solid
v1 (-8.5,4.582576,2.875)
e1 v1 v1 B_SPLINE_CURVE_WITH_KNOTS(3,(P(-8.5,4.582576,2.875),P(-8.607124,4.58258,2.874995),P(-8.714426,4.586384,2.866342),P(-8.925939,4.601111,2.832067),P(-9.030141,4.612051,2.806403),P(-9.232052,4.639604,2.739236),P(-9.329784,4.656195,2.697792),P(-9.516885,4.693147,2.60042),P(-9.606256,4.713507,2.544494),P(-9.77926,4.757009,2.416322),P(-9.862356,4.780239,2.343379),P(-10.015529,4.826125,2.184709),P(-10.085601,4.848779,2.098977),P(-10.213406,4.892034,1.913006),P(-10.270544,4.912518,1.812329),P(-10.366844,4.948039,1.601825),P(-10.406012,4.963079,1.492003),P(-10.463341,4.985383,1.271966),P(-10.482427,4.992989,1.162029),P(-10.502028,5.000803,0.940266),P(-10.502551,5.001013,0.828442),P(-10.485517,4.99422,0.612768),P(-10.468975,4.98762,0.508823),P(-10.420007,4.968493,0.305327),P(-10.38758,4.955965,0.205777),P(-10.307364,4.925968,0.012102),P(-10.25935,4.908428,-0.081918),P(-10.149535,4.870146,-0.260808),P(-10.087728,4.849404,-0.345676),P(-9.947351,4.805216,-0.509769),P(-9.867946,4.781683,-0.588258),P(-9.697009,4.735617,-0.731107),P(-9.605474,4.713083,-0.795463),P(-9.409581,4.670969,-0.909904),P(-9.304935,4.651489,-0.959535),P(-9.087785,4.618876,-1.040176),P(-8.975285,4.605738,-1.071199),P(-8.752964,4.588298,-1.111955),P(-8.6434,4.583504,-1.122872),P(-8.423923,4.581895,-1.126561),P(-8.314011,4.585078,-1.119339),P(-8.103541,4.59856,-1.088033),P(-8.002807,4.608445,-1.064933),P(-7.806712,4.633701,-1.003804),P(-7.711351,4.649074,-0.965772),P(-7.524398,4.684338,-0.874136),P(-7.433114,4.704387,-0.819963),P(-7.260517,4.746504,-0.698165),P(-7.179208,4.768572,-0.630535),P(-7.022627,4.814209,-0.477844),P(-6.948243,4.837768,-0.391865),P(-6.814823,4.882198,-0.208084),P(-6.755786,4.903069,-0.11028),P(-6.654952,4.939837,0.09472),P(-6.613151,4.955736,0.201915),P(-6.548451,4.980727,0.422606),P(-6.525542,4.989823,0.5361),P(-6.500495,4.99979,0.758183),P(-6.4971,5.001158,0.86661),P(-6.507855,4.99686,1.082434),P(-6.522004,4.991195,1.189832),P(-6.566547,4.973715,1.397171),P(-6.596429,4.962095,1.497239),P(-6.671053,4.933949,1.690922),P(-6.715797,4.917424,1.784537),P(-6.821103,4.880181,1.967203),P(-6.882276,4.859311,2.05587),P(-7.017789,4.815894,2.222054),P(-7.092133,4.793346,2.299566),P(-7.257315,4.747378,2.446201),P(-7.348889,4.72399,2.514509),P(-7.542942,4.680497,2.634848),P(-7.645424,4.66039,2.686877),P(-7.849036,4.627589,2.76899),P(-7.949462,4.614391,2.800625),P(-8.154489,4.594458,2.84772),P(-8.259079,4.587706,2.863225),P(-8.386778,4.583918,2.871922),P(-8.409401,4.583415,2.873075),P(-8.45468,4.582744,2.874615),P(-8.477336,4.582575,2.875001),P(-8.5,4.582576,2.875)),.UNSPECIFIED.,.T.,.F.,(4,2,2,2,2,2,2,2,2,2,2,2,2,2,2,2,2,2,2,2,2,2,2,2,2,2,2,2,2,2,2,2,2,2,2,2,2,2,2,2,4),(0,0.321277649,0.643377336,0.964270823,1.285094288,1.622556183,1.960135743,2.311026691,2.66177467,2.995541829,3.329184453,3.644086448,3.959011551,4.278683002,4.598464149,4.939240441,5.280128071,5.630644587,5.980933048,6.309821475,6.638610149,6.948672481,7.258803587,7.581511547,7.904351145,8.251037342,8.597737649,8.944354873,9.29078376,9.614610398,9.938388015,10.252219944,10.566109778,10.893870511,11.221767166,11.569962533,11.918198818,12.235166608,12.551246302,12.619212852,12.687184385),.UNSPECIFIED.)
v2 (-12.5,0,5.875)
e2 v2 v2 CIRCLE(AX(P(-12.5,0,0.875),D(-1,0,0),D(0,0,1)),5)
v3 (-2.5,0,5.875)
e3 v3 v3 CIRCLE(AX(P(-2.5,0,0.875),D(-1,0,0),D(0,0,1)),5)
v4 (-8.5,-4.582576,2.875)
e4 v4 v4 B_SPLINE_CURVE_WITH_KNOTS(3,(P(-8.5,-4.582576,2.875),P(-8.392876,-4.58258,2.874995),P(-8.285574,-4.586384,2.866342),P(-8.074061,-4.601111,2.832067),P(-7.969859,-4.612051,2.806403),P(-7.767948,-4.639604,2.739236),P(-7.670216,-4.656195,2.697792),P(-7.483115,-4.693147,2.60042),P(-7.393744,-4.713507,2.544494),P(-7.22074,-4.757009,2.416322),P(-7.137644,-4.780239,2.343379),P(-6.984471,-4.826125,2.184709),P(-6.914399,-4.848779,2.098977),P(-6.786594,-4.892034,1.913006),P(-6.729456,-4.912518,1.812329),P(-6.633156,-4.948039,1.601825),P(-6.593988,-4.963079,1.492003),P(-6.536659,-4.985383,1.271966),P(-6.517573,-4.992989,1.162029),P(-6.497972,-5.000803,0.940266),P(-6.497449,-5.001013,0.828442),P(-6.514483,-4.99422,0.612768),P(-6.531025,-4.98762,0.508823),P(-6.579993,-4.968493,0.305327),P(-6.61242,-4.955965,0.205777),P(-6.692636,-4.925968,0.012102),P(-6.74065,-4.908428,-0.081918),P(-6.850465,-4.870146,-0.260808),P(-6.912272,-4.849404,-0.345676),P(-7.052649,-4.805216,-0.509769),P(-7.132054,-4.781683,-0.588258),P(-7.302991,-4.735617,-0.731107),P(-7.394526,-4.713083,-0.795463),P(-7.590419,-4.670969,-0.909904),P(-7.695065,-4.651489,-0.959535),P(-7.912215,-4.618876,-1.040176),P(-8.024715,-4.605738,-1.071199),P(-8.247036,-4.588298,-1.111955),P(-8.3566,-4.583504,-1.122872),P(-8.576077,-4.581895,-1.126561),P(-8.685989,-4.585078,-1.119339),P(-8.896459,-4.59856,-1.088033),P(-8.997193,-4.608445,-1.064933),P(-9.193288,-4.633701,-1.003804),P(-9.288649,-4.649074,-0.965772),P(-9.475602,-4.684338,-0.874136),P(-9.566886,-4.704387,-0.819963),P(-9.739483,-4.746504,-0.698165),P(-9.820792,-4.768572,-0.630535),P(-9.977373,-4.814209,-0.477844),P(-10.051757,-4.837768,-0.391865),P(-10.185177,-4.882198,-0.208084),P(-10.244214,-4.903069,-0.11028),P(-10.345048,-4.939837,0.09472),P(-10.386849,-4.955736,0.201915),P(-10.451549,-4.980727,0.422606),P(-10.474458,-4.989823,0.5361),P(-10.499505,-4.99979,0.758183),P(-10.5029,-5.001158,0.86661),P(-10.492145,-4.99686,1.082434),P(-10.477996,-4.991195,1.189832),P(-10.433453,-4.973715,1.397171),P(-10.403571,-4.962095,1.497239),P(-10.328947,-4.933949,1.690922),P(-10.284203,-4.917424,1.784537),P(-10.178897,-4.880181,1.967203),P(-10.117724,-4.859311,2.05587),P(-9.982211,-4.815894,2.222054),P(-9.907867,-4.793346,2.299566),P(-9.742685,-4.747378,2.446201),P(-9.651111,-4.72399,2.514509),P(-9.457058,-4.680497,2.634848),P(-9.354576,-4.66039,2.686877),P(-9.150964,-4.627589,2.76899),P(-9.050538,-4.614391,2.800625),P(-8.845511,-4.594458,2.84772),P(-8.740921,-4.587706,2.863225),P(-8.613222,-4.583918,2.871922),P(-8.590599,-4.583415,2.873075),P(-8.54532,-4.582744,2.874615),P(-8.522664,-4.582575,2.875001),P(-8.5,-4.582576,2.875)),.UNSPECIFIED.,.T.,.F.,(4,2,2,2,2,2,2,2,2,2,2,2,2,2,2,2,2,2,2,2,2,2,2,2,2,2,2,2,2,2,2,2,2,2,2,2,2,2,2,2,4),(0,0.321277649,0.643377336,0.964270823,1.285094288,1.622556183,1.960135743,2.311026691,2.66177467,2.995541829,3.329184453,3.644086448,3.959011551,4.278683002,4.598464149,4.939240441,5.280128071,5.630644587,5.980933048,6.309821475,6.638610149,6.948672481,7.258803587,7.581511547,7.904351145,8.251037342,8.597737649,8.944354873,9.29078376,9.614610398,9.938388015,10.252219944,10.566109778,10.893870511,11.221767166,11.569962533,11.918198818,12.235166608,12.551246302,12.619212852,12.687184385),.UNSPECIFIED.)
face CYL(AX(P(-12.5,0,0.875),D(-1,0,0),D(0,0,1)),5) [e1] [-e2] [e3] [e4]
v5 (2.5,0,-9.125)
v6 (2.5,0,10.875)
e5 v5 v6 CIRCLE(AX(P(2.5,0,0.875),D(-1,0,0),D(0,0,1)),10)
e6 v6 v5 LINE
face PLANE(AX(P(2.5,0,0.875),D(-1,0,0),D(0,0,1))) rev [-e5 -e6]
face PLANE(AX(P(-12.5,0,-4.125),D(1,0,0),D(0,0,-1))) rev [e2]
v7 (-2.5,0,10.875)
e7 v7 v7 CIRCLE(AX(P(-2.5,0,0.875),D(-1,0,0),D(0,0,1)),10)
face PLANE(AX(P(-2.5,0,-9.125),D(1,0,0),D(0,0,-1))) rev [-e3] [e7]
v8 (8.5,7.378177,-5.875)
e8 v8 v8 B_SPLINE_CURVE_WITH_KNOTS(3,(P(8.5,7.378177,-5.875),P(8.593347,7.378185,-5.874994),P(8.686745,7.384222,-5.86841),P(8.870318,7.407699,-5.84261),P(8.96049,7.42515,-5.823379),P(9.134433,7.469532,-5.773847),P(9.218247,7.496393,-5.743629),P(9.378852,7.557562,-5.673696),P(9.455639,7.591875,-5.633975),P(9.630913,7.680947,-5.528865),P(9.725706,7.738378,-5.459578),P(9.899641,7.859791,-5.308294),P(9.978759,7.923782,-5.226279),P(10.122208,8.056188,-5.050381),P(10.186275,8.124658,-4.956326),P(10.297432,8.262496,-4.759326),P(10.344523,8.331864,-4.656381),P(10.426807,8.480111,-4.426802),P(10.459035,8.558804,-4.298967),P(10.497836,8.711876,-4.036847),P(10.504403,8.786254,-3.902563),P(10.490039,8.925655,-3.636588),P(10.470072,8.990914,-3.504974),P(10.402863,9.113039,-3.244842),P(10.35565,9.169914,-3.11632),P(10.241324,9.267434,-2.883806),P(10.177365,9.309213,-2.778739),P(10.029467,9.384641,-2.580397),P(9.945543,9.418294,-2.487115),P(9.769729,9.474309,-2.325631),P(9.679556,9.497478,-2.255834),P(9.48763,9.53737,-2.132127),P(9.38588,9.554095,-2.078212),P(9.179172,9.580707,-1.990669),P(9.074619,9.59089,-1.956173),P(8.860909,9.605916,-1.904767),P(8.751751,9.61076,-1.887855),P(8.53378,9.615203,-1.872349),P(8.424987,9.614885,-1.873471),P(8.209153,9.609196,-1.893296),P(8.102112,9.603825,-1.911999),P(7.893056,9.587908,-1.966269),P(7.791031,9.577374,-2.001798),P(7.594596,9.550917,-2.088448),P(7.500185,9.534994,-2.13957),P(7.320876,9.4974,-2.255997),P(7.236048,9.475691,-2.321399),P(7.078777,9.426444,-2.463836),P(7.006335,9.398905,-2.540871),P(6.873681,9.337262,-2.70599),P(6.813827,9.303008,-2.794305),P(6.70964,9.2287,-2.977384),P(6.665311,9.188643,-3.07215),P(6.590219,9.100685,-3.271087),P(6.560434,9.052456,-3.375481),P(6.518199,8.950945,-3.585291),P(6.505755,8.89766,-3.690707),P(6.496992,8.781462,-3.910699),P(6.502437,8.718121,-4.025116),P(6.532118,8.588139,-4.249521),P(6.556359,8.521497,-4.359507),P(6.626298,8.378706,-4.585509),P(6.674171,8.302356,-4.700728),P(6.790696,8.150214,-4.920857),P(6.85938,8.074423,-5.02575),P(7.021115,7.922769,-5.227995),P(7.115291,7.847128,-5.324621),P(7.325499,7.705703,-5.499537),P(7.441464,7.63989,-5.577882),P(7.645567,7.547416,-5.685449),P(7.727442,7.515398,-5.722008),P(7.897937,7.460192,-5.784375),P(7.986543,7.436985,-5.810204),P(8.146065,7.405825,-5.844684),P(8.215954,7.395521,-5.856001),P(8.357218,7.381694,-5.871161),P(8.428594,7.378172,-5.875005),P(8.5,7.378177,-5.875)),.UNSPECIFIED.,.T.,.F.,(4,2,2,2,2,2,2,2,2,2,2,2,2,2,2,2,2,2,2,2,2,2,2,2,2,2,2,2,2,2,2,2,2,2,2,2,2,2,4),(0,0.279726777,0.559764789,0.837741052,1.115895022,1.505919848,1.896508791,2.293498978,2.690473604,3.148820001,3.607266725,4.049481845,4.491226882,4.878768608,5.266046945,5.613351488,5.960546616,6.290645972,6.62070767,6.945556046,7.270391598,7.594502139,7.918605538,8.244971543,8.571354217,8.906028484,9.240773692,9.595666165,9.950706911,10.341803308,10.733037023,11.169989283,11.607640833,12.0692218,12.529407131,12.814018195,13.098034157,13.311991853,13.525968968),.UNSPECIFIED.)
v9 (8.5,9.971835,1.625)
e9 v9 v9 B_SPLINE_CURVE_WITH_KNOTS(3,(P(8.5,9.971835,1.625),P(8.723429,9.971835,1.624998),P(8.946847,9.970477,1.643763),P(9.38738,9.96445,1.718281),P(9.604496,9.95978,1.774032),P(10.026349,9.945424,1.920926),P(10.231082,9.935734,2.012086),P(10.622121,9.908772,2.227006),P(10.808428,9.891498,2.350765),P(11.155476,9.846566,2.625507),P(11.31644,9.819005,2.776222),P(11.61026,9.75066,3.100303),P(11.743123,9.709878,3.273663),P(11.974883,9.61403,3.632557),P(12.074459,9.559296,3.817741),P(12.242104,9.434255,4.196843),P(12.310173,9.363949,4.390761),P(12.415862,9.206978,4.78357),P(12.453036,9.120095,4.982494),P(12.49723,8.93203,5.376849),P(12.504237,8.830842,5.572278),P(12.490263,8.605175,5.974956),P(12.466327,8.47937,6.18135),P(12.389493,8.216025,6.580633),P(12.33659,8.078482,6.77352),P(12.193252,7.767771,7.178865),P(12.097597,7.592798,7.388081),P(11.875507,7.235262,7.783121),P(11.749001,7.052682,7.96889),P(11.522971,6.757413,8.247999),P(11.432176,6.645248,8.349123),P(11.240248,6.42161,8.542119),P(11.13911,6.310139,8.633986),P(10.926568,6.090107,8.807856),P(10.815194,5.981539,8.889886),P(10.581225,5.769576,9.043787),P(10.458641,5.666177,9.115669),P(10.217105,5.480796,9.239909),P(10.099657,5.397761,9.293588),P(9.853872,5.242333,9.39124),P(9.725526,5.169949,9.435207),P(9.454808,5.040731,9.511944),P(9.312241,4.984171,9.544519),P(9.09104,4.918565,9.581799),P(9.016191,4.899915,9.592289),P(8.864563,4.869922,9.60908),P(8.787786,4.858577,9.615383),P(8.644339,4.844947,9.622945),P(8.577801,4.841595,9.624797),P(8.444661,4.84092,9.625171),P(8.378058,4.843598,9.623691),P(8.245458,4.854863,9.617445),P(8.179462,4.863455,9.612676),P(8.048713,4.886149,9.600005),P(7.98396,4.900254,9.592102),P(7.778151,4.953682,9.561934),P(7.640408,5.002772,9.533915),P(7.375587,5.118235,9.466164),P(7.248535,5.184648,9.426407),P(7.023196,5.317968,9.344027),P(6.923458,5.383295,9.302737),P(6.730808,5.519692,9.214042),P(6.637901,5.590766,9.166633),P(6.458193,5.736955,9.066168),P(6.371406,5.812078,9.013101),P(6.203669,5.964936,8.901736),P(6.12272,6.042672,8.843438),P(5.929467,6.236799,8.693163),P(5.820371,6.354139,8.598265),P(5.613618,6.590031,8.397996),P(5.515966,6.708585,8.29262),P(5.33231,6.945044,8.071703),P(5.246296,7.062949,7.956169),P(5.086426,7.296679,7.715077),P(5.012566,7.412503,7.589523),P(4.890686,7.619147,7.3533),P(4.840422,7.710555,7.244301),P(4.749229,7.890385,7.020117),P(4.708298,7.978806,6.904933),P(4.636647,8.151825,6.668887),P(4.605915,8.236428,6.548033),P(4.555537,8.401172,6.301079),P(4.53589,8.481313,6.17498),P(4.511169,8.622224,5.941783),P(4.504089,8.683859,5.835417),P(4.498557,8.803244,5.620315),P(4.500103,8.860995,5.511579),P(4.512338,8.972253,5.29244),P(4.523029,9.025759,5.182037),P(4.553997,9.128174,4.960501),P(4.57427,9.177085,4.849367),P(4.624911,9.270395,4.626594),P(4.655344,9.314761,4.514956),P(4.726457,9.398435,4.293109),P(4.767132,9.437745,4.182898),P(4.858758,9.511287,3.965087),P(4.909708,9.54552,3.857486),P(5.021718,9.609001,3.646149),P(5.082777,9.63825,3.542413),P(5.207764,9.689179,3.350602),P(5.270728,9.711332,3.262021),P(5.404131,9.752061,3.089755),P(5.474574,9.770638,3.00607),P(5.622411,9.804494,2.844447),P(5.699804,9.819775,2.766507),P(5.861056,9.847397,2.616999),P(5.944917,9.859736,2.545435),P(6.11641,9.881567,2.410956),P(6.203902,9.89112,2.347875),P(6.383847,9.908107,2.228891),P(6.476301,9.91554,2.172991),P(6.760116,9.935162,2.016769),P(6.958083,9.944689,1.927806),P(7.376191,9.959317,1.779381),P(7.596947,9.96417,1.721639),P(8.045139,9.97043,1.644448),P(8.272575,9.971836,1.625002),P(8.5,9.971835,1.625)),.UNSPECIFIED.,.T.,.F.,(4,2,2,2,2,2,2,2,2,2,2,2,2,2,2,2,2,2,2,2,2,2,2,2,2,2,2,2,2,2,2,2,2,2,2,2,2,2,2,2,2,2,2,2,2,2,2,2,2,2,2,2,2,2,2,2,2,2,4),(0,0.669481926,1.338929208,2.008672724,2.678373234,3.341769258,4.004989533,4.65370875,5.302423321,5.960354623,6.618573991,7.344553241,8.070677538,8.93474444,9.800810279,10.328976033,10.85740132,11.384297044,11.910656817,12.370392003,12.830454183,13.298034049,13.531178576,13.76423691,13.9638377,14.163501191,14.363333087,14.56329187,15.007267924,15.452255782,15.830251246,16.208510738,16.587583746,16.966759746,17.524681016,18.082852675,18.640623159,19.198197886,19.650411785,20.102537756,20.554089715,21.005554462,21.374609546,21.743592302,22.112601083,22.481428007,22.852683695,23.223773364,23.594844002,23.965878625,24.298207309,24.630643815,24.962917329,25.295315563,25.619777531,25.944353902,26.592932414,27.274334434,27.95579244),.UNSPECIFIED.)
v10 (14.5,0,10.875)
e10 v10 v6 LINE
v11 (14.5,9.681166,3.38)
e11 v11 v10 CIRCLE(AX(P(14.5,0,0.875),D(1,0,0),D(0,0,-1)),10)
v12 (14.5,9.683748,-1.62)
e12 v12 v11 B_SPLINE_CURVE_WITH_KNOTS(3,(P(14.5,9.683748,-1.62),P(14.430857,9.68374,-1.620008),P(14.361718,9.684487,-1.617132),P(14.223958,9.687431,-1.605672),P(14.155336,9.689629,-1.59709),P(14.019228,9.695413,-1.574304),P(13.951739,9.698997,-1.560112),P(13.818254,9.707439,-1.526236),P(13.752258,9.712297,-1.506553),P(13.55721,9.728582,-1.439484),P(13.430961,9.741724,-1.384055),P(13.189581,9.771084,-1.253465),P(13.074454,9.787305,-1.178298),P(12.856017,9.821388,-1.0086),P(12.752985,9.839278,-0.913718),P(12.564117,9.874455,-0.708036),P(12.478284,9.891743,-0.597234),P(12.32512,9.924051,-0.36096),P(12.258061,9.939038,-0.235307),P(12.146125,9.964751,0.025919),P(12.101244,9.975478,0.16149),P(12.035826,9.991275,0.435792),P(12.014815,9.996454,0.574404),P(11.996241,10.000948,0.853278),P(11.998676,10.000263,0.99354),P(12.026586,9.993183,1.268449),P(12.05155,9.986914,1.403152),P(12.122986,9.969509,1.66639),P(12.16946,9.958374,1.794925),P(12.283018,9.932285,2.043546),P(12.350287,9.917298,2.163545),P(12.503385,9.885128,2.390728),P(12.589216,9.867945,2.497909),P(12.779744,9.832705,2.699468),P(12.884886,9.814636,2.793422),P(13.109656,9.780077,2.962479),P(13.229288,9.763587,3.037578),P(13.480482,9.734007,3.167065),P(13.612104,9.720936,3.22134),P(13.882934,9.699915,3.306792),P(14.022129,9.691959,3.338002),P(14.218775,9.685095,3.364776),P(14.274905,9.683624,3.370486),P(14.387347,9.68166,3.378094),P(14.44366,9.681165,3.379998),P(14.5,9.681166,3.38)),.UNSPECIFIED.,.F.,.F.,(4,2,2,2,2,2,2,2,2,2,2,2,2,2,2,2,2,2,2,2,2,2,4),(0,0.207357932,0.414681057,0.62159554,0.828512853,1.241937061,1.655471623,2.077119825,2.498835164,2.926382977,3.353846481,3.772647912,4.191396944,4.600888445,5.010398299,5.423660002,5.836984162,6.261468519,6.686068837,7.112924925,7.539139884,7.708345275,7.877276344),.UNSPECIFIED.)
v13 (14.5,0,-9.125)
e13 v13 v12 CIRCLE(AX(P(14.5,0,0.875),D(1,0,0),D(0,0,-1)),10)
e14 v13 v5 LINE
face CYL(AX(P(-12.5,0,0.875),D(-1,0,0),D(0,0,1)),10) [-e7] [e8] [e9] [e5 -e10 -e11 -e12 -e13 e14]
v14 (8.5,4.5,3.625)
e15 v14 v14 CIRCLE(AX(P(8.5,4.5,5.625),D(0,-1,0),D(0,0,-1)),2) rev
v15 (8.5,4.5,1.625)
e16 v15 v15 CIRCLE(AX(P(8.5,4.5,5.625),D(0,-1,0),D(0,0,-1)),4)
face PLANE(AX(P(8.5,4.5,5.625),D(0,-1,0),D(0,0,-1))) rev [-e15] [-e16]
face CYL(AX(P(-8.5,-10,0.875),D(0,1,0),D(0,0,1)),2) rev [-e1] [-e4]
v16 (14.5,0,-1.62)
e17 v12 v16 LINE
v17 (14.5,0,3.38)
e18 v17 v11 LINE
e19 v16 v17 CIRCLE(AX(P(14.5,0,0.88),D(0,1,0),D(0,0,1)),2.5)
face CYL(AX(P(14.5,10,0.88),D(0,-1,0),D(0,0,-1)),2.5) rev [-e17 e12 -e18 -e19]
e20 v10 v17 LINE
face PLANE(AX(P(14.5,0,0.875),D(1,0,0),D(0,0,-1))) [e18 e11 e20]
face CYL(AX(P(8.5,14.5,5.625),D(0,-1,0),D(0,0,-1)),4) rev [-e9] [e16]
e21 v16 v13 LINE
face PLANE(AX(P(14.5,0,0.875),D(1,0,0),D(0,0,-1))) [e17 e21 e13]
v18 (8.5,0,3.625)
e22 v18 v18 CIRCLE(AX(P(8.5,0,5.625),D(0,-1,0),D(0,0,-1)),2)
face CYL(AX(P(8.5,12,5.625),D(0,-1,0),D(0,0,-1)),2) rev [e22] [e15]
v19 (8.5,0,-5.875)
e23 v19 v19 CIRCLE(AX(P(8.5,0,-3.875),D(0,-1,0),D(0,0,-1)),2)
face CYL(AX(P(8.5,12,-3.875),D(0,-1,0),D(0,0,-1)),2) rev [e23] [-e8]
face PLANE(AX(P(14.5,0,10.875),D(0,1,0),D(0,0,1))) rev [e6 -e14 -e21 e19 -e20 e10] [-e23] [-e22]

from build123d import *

# Parameters (mm, degrees)
DODANIE_WYCI_GNI_CIE1_DEPTH = 12
SZKIC3_R                    = 2
WYTNIJ_WYCI_GNI_CIE1_DEPTH  = 12
SZKIC5_R                    = 4
WYTNIJ_WYCI_GNI_CIE4_DEPTH  = 10
SZKIC12_R                   = 2.5
WYTNIJ_WYCI_GNI_CIE8_DEPTH  = 11.0000001
SZKIC13_R                   = 2
WYTNIJ_WYCI_GNI_CIE9_DEPTH  = 25.5000001


with BuildPart() as part:
    # Szkic1 → Obrót1 (revolve)
    with BuildSketch(Plane(origin=(0, 0, 0), x_dir=(1, 0, 0), z_dir=(0, 1, 0))):
        Polygon((2.5, -0.875), (2.5, 9.125), (-2.5, 9.125), (-2.5, 4.125), (-12.5, 4.125), (-12.5, -0.875), align=None)
    revolve(axis=Axis((-12.5, 0, 0.875), (1, 0, 0)))

    # Szkic2 → Dodanie-wyciągnięcie1 (add)
    with BuildSketch(Plane(origin=(2.5, 0, 0), x_dir=(0, 0, -1), z_dir=(1, 0, 0))):
        with BuildLine():
            Line((-10.875, 0), (9.125, 0))
            ThreePointArc((9.125, 0), (-0.875, 10), (-10.875, 0))
        make_face()
    extrude(amount=DODANIE_WYCI_GNI_CIE1_DEPTH)

    # Szkic3 → Wytnij-wyciągnięcie1 (cut)
    with BuildSketch(Plane(origin=(0, 0, 0), x_dir=(-1, 0, 0), z_dir=(0, -1, 0))):
        with Locations((-8.5, -5.625)):
            Circle(SZKIC3_R)
        with Locations((-8.5, 3.875)):
            Circle(SZKIC3_R)
    extrude(amount=-WYTNIJ_WYCI_GNI_CIE1_DEPTH, mode=Mode.SUBTRACT)

    # Szkic5 → Wytnij-wyciągnięcie4 (cut)
    with BuildSketch(Plane(origin=(0, 4.5, 0), x_dir=(-1, 0, 0), z_dir=(0, -1, 0))):
        with Locations((-8.5, -5.625)):
            Circle(SZKIC5_R)
    extrude(amount=-WYTNIJ_WYCI_GNI_CIE4_DEPTH, mode=Mode.SUBTRACT)

    # Szkic12 → Wytnij-wyciągnięcie8 (cut, through all)
    with BuildSketch(Plane(origin=(0, 0, 0), x_dir=(1, 0, 0), z_dir=(0, 1, 0))):
        with Locations((14.5, -0.88)):
            Circle(SZKIC12_R)
    extrude(amount=WYTNIJ_WYCI_GNI_CIE8_DEPTH, mode=Mode.SUBTRACT)

    # Szkic13 → Wytnij-wyciągnięcie9 (cut, through all)
    with BuildSketch(Plane(origin=(0, 14.5, 0), x_dir=(1, 0, 0), z_dir=(0, 1, 0))):
        with Locations((-8.5, -0.875)):
            Circle(SZKIC13_R)
    extrude(amount=-WYTNIJ_WYCI_GNI_CIE9_DEPTH, mode=Mode.SUBTRACT)


solid = part.part
